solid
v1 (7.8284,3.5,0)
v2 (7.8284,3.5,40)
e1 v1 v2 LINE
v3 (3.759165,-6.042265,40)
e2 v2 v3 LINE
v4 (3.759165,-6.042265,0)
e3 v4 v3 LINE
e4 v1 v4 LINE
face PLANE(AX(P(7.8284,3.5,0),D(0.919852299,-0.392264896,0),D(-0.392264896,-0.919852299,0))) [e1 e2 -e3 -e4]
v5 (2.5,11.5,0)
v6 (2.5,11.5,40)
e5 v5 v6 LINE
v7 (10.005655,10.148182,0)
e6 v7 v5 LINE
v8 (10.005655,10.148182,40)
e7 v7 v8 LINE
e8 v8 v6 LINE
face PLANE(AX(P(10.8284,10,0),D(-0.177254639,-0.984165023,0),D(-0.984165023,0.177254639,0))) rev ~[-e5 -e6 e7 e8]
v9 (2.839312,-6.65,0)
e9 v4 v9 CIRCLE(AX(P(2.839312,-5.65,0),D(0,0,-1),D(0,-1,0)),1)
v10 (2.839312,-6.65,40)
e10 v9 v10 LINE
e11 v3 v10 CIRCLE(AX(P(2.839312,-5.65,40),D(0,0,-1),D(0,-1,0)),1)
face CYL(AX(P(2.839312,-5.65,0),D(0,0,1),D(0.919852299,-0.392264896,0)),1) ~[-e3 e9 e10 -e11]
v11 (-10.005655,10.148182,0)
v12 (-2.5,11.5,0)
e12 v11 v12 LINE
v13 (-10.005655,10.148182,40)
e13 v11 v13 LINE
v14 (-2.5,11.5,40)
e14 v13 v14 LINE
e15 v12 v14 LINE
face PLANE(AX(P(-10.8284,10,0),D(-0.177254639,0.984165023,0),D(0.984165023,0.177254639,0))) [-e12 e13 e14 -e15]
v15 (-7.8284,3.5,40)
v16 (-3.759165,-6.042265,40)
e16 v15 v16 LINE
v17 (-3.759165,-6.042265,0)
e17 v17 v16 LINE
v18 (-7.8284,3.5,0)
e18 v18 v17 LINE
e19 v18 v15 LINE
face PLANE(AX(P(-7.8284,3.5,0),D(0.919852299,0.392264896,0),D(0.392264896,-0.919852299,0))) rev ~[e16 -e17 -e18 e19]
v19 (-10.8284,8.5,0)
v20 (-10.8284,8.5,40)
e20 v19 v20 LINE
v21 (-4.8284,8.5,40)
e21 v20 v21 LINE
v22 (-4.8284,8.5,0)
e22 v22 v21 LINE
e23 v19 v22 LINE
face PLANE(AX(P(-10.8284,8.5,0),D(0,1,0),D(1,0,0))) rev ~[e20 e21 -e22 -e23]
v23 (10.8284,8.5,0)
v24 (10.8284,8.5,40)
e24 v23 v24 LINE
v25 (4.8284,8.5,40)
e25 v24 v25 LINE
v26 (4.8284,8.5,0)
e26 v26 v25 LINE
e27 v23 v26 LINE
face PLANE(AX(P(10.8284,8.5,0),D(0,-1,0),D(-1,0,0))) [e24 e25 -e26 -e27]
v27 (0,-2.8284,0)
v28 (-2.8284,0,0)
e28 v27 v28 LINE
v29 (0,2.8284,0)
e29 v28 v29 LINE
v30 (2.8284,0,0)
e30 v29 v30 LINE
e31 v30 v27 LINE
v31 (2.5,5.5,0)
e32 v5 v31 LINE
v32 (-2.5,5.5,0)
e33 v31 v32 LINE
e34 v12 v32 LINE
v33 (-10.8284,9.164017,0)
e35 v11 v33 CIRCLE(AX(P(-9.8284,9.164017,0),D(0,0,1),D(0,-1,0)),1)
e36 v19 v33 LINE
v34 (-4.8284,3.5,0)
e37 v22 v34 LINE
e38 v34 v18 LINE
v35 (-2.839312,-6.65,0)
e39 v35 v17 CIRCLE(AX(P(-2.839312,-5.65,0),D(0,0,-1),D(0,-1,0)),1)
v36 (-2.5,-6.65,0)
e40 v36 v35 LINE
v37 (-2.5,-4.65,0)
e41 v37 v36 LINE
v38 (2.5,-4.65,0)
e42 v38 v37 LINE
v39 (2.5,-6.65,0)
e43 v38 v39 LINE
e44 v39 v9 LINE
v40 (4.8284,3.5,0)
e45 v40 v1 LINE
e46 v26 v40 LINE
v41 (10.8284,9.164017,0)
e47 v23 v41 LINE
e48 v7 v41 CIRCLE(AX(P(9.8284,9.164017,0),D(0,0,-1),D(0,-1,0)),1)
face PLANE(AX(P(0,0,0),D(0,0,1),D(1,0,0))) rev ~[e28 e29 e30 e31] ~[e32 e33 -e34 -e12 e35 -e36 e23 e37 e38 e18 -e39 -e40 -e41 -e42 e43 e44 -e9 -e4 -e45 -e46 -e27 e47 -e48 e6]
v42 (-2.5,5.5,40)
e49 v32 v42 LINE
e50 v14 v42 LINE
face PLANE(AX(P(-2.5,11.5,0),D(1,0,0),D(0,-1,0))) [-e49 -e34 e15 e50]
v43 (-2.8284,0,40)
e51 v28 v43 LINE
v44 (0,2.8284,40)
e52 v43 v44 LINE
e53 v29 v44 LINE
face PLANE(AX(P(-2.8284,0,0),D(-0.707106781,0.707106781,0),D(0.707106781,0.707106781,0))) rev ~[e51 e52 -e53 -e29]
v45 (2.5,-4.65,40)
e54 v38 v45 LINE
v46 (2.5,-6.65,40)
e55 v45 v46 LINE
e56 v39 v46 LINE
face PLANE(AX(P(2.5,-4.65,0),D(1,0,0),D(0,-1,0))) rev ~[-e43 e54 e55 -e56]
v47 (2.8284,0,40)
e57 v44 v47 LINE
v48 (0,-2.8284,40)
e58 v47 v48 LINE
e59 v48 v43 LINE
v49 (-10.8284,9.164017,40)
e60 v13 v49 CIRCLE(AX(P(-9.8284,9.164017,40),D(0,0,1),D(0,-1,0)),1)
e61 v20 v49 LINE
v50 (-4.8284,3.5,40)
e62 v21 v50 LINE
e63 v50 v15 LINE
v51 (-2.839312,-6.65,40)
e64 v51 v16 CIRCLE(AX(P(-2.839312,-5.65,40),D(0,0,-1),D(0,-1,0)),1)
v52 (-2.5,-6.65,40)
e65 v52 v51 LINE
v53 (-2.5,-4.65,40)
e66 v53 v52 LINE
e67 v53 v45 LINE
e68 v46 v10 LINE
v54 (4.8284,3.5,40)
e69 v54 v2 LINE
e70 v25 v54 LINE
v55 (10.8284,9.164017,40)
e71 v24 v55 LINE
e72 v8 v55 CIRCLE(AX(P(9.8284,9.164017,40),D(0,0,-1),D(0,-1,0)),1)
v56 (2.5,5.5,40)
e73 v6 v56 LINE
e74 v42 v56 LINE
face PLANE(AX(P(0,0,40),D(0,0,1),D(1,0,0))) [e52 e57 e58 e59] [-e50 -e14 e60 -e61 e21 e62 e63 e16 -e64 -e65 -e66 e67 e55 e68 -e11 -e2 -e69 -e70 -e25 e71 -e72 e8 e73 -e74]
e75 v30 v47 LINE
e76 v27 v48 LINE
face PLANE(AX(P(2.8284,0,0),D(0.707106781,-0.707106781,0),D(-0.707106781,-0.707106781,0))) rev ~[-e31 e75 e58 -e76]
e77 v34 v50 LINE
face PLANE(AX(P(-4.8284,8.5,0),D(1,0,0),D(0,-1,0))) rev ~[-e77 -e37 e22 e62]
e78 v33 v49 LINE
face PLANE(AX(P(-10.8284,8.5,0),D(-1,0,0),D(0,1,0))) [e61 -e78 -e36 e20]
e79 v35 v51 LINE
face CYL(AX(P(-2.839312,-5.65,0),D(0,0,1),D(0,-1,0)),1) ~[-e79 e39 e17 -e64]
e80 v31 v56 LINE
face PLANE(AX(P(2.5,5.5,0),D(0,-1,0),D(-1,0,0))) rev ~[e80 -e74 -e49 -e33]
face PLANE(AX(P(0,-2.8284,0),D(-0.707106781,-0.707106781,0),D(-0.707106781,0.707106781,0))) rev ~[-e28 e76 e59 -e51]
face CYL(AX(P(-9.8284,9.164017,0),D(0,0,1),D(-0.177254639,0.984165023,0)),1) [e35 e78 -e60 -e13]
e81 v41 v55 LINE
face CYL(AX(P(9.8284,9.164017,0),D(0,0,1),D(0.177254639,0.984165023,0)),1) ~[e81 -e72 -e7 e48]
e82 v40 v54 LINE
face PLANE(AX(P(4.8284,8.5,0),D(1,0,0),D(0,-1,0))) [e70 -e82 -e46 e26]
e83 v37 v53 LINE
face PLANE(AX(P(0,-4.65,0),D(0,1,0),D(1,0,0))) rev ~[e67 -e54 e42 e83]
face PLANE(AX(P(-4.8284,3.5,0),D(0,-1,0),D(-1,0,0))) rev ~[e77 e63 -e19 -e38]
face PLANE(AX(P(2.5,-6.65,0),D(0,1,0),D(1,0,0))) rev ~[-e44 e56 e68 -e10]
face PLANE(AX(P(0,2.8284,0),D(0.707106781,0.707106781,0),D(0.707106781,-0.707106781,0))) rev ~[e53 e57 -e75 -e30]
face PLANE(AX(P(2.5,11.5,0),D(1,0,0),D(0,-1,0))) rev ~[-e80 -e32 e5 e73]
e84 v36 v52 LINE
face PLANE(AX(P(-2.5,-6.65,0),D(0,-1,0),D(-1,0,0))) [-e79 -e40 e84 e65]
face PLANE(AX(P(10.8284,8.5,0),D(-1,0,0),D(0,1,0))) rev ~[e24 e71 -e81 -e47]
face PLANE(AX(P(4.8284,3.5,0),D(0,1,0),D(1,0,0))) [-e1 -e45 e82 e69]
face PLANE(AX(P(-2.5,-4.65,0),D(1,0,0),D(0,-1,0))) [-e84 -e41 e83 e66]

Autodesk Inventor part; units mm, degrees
ref_plane "YZ Plane" through (0, 0, 0) normal (1, 0, 0) x (0, 1, 0)
ref_plane "XZ Plane" through (0, 0, 0) normal (0, 1, 0) x (-1, 0, 0)
ref_plane "XY Plane" through (0, 0, 0) normal (0, 0, 1) x (1, 0, 0)
sketch "スケッチ1" plane through (0, 0, 0) normal (0, 0, 1) x (1, 0, 0)
  line L0 (0, 18.2674) -> (0, -9.7942)
  line L1 (0, -4.65) -> (-2.5, -4.65)
  line L2 (-2.5, -4.65) -> (-2.5, -6.65)
  line L3 (-2.5, -6.65) -> (-3.5, -6.65)
  line L4 (-10.8284, 8.5) -> (-4.8284, 8.5)
  line L5 (-4.8284, 8.5) -> (-4.8284, 3.5)
  line L6 (-4.8284, 3.5) -> (-7.8284, 3.5)
  line L7 (-7.8284, 3.5) -> (-3.5, -6.65)
  line L8 (-10.8284, 8.5) -> (-10.8284, 10)
  line L9 (-10.8284, 10) -> (-2.5, 11.5)
  line L10 (-2.5, 11.5) -> (-2.5, 5.5)
  line L11 (-2.5, 5.5) -> (0, 5.5)
  line L12 (0, -4.65) -> (2.5, -4.65)
  line L13 (2.5, -4.65) -> (2.5, -6.65)
  line L14 (2.5, -6.65) -> (3.5, -6.65)
  line L15 (10.8284, 8.5) -> (4.8284, 8.5)
  line L16 (4.8284, 8.5) -> (4.8284, 3.5)
  line L17 (4.8284, 3.5) -> (7.8284, 3.5)
  line L18 (7.8284, 3.5) -> (3.5, -6.65)
  line L19 (10.8284, 8.5) -> (10.8284, 10)
  line L20 (10.8284, 10) -> (2.5, 11.5)
  line L21 (2.5, 11.5) -> (2.5, 5.5)
  line L22 (2.5, 5.5) -> (0, 5.5)
  line L23 (-2.8284, 0) -> (0, 2.8284)
  line L24 (0, 2.8284) -> (2.8284, 0)
  line L25 (2.8284, 0) -> (0, -2.8284)
  line L26 (0, -2.8284) -> (-2.8284, 0)
  point P0 (0, 0)
  point P1 (0, 3.5)
  point P2 (0, -2.65)
  point P3 (2.8284, 0)
  dimension "d23" = 2
  dimension "d31" = 1
  dimension "d33" = 2
  dimension "d34" = 6
  dimension "d35" = 3
  dimension "d39" = 5
  dimension "d41" = 3
  dimension "d42" = 5
  dimension "d43" = 5
  dimension "d44" = 2
  dimension "d45" = 1.5
  dimension "d46" = 2
  dimension "d50" = 4
  dimension "d51" = 3.5
extrude "押し出し1" add sketch "スケッチ1" along normal blind 40 contours L22 L21 L20 L19 L15 L16 L17 L18 L14 L13 L12 L0 L25 L24 | L0 L23 L26 L1 L2 L3 L7 L6 L5 L4 L8 L9 L10 L11
fillet "フィレット2" radius 1 4 edges at (-3.5, -6.65, 20) (3.5, -6.65, 20) (10.8284, 10, 20) (-10.8284, 10, 20)
properties part number "TailRod_N_o" material "ABS プラスチック"
